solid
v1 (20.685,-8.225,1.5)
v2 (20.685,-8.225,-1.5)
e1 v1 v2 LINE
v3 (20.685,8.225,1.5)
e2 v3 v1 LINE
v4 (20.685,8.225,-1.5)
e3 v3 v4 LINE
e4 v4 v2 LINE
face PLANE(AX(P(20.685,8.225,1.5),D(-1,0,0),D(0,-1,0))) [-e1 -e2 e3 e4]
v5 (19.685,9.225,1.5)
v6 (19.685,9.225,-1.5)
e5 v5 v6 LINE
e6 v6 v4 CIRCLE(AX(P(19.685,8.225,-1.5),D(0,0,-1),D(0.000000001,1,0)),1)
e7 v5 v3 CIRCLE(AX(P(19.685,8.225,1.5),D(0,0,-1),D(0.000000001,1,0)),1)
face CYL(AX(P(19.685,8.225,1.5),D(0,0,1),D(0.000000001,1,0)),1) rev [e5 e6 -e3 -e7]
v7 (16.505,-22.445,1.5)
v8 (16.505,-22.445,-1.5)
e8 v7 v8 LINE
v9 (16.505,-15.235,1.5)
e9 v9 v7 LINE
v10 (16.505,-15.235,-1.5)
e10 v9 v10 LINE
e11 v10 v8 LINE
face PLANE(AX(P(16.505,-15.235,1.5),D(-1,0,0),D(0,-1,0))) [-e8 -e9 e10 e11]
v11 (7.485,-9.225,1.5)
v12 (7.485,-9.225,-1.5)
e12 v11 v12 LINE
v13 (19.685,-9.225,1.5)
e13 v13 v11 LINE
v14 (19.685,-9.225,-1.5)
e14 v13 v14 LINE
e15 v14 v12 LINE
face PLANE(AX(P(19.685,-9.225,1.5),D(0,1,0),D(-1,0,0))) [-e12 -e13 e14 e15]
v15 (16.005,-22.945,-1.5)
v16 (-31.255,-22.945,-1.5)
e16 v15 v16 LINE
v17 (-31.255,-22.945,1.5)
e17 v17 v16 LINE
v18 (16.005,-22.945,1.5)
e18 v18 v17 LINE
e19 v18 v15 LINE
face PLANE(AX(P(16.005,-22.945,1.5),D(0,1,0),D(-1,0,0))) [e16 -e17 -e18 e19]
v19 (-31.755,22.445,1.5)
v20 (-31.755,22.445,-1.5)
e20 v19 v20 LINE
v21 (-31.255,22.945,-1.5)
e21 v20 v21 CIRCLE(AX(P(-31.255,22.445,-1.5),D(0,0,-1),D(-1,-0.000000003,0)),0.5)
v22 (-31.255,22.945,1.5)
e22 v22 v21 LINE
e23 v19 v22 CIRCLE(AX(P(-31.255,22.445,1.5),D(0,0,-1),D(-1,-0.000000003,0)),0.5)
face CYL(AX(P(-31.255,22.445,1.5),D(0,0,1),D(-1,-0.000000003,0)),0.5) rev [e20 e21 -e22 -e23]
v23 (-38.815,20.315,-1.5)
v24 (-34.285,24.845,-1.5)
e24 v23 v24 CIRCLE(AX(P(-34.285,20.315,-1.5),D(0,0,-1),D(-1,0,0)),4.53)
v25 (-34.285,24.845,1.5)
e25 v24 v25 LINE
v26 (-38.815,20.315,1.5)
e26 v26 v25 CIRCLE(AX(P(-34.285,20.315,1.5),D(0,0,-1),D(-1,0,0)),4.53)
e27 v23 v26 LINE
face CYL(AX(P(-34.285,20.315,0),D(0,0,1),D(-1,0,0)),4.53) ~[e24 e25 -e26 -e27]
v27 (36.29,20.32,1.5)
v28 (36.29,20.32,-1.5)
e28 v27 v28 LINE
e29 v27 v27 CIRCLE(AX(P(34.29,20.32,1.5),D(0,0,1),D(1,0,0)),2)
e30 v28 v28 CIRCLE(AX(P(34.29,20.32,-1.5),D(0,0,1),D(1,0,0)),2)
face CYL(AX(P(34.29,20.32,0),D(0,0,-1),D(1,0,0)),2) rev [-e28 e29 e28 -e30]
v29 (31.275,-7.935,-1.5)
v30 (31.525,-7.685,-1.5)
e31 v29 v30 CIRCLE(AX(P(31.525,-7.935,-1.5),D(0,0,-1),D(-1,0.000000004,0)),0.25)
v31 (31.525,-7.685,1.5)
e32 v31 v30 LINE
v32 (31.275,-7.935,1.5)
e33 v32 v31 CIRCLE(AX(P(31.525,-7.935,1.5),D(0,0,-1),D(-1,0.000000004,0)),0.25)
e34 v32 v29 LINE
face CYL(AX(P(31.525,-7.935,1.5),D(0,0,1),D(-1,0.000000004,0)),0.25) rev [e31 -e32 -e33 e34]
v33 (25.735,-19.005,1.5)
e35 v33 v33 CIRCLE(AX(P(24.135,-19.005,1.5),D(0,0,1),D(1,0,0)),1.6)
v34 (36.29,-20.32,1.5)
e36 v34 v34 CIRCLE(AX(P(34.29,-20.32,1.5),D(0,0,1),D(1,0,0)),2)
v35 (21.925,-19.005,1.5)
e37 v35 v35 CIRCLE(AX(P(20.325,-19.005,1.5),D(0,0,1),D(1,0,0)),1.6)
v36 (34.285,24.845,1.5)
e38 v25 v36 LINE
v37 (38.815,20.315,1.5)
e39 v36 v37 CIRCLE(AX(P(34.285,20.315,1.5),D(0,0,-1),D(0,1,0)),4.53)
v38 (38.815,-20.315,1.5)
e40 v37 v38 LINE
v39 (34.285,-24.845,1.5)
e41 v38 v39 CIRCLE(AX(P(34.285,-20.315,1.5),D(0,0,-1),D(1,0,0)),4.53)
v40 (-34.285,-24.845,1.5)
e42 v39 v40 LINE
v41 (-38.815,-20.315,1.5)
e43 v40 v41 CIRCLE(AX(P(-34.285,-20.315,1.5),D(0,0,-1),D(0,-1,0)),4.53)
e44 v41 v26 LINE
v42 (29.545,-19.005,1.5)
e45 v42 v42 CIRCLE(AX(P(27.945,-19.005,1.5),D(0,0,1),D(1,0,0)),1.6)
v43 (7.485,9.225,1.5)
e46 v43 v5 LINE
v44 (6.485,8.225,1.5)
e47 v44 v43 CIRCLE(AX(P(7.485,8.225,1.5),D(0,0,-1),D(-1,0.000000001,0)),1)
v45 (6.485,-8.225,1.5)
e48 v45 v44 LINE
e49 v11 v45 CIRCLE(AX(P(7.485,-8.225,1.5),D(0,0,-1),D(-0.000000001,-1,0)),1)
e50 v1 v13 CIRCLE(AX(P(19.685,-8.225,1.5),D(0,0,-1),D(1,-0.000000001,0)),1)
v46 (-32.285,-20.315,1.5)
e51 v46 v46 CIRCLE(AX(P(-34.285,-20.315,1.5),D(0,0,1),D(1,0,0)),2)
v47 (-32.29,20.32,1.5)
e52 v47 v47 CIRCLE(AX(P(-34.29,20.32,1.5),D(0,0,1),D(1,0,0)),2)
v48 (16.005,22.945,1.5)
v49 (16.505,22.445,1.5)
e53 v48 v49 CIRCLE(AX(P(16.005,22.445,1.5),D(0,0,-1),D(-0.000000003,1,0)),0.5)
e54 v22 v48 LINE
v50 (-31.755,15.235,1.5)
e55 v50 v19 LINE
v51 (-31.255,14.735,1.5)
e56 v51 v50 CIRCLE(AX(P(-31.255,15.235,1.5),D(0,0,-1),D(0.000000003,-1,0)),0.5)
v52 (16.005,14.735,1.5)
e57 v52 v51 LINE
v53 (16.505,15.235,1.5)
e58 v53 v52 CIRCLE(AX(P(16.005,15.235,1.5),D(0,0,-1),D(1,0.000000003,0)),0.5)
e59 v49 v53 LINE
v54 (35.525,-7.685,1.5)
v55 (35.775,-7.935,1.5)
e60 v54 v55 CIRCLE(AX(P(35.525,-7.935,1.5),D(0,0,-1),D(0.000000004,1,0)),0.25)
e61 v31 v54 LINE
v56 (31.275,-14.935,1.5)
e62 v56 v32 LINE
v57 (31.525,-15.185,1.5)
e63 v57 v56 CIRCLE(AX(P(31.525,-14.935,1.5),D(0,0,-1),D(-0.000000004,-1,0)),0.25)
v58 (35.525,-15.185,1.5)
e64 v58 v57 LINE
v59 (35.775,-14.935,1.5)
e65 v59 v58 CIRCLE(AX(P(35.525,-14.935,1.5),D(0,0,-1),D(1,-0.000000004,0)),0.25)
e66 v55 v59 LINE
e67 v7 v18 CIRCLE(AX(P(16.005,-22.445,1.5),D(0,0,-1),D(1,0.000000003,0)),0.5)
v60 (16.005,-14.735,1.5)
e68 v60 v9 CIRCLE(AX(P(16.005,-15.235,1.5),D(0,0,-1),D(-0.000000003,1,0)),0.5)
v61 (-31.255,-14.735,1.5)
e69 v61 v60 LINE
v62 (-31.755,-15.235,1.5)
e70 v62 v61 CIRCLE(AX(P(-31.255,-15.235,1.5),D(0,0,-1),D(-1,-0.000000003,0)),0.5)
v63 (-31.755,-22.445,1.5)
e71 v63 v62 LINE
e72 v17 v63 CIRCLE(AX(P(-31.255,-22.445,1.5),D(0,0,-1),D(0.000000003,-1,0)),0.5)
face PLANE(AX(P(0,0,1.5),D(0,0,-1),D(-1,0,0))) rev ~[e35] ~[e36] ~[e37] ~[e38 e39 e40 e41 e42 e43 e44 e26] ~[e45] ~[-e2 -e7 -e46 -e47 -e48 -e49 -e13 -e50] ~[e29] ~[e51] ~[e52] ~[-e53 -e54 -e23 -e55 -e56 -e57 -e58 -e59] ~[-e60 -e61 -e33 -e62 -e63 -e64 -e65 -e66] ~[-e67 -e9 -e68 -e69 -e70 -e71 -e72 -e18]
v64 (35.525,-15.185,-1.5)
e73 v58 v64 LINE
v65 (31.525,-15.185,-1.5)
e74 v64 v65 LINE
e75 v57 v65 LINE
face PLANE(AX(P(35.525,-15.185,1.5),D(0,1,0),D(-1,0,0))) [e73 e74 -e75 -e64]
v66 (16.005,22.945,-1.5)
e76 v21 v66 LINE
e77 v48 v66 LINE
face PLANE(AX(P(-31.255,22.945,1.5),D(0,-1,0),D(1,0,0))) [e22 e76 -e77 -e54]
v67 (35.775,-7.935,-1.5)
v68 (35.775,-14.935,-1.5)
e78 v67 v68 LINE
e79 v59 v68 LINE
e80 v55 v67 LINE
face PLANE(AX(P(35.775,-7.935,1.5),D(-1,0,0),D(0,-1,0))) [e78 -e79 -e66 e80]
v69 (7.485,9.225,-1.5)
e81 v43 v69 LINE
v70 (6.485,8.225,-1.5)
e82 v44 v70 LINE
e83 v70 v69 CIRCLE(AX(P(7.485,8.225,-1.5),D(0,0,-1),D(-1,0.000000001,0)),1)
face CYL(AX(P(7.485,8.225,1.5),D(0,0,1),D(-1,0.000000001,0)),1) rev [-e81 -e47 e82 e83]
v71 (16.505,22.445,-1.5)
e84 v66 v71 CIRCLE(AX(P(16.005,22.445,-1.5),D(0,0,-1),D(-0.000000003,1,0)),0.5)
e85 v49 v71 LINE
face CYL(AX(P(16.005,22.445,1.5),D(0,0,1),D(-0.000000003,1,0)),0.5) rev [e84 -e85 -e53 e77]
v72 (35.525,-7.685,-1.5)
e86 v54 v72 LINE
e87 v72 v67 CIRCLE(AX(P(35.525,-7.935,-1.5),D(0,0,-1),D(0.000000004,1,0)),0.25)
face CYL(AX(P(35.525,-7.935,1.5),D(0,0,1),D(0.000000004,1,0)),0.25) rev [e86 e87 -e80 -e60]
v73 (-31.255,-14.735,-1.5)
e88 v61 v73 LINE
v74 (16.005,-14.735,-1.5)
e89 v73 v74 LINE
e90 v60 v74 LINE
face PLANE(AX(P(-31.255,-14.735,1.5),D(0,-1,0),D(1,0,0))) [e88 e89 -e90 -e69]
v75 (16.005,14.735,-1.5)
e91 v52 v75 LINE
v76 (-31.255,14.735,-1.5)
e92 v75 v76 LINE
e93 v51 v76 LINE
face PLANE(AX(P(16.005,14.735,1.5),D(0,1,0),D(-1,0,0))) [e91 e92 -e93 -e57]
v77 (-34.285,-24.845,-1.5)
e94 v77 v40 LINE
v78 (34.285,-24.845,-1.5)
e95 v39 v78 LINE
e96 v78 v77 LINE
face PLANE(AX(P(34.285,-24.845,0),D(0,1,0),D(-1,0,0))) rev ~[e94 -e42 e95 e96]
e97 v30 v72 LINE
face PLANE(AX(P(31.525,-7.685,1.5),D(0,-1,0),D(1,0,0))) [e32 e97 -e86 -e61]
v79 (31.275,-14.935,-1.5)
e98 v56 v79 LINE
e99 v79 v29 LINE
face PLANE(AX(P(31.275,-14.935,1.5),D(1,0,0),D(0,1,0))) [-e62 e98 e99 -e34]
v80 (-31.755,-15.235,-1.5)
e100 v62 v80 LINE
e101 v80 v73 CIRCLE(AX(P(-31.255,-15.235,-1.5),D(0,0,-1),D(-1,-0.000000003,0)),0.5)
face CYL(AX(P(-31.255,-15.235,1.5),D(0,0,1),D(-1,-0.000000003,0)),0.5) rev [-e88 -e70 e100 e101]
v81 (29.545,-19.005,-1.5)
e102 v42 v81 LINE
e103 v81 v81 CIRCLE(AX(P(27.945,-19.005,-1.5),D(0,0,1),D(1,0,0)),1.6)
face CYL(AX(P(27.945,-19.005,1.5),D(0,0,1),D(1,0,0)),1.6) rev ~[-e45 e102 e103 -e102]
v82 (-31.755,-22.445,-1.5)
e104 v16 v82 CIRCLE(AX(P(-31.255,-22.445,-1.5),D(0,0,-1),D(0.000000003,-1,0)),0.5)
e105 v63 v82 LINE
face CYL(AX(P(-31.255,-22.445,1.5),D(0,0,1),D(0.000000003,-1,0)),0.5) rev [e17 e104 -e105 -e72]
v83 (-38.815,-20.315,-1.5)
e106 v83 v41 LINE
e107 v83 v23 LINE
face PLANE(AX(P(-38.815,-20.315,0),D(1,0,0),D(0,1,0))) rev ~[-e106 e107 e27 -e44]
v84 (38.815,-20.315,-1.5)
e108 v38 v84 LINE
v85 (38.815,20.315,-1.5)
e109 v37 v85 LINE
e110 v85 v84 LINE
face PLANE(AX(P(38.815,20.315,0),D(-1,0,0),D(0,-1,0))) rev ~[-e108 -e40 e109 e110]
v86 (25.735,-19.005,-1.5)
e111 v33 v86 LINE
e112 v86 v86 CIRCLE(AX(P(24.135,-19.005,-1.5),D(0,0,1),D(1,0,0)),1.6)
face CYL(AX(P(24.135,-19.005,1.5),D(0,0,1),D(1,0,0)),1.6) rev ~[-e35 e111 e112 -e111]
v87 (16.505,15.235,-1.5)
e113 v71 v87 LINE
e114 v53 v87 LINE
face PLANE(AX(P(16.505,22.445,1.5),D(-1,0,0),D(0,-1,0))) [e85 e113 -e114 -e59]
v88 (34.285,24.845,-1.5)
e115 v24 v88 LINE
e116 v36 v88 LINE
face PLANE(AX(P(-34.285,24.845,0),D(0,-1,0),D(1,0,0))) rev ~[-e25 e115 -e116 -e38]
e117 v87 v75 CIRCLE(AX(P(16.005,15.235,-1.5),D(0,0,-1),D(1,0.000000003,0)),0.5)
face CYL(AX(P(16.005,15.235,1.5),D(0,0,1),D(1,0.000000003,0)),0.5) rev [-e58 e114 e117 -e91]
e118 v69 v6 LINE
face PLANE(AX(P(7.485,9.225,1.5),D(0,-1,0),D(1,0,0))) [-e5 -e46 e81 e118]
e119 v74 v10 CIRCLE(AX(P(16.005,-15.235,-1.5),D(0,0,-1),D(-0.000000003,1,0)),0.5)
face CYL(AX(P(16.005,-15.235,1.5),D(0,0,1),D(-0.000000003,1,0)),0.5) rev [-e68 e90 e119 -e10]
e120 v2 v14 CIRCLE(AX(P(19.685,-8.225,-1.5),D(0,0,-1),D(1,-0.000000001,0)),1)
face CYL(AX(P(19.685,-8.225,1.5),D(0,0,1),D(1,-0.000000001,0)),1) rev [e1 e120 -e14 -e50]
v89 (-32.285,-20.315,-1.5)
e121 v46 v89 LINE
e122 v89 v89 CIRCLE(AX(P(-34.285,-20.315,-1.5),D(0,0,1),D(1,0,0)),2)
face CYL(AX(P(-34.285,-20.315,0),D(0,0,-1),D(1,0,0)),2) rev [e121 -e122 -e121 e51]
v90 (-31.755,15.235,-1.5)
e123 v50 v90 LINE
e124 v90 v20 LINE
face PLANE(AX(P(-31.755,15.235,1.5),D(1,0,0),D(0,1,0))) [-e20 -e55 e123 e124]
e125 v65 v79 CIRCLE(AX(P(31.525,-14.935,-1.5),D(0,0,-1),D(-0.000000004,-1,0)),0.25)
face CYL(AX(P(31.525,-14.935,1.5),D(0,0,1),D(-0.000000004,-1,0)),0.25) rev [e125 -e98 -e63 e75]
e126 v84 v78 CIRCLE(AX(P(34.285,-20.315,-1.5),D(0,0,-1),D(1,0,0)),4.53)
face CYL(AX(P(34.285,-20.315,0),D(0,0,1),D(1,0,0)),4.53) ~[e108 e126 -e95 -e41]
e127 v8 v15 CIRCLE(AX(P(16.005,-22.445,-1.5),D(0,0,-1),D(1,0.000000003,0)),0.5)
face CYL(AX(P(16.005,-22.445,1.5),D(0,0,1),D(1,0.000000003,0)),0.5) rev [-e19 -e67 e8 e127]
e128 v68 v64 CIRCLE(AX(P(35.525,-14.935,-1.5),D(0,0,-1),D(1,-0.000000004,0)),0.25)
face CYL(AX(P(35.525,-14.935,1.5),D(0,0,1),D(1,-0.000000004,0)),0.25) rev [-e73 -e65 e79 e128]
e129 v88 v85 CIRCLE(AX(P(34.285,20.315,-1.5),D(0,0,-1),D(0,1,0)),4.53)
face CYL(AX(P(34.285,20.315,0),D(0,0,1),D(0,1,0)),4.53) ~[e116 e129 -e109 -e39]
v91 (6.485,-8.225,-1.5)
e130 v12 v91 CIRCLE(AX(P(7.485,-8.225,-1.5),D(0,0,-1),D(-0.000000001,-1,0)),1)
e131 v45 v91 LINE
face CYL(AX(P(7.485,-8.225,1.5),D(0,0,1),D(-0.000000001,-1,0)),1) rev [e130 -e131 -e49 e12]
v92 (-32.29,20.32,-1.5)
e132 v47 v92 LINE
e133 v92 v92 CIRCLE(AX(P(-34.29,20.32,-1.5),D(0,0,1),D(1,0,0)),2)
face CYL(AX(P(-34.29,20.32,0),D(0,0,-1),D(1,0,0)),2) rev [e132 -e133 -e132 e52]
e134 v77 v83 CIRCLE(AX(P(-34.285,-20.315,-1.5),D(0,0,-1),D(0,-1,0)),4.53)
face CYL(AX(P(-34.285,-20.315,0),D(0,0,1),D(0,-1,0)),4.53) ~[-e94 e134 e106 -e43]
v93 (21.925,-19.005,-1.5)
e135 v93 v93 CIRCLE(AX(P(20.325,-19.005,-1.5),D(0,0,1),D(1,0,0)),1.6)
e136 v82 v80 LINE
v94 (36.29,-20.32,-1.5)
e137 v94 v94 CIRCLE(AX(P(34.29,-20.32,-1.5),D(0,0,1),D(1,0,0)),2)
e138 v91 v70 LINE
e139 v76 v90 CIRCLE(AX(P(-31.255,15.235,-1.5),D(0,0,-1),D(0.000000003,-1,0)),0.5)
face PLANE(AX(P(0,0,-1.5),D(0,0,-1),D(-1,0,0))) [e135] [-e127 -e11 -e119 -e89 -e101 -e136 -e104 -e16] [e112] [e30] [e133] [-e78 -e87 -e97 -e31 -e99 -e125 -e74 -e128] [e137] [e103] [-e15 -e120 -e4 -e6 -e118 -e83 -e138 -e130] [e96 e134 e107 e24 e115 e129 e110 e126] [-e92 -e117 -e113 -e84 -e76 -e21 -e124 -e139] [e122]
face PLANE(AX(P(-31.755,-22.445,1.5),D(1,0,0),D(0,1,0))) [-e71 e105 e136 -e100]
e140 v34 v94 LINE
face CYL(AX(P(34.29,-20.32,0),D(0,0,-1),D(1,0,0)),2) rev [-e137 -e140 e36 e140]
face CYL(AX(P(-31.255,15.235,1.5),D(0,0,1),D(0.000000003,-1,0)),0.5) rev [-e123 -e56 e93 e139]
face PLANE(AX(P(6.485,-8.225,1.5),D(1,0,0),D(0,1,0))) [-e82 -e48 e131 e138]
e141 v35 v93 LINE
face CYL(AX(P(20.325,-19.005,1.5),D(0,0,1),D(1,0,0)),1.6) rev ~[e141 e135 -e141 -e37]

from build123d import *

# Parameters (mm, degrees)
SKETCH_1_R          = 2
EXTRUDE_1_DEPTH     = 1.5
SKETCH_2_R          = 1.6
CUT_EXTRUDE_1_DEPTH = 3


with BuildPart() as part:
    # 草图1 → 凸台-拉伸1 (new, symmetric)
    with BuildSketch(Plane.XY):
        with BuildLine():
            Line((-34.285, 24.845), (34.285, 24.845))
            ThreePointArc((34.285, 24.845), (37.488193719, 23.518193719), (38.815, 20.315))
            Line((38.815, 20.315), (38.815, -20.315))
            ThreePointArc((38.815, -20.315), (37.488193719, -23.518193719), (34.285, -24.845))
            Line((34.285, -24.845), (-34.285, -24.845))
            ThreePointArc((-34.285, -24.845), (-37.488193719, -23.518193719), (-38.815, -20.315))
            Line((-38.815, -20.315), (-38.815, 20.315))
            ThreePointArc((-38.815, 20.315), (-37.488193719, 23.518193719), (-34.285, 24.845))
        make_face()
        with Locations((34.29, 20.32)):
            Circle(SKETCH_1_R, mode=Mode.SUBTRACT)
        with Locations((34.29, -20.32)):
            Circle(SKETCH_1_R, mode=Mode.SUBTRACT)
        with Locations((-34.29, 20.32)):
            Circle(SKETCH_1_R, mode=Mode.SUBTRACT)
        with Locations((-34.285, -20.315)):
            Circle(SKETCH_1_R, mode=Mode.SUBTRACT)
    extrude(amount=EXTRUDE_1_DEPTH, both=True)

    # 草图2 → 切除-拉伸1 (cut)
    with BuildSketch(Plane.XY.offset(1.5)):
        with Locations((27.945, -19.005)):
            Circle(SKETCH_2_R)
        with Locations((24.135, -19.005)):
            Circle(SKETCH_2_R)
        with Locations((20.325, -19.005)):
            Circle(SKETCH_2_R)
        with BuildLine():
            Line((-31.255, 22.945), (16.005, 22.945))
            ThreePointArc((16.005, 22.945), (16.358553391, 22.798553391), (16.505, 22.445))
            Line((16.505, 22.445), (16.505, 15.235))
            ThreePointArc((16.505, 15.235), (16.358553391, 14.881446609), (16.005, 14.735))
            Line((16.005, 14.735), (-31.255, 14.735))
            ThreePointArc((-31.255, 14.735), (-31.608553391, 14.881446609), (-31.755, 15.235))
            Line((-31.755, 15.235), (-31.755, 22.445))
            ThreePointArc((-31.755, 22.445), (-31.608553391, 22.798553391), (-31.255, 22.945))
        make_face()
        with BuildLine():
            Line((-31.755, -22.445), (-31.755, -15.235))
            ThreePointArc((-31.755, -15.235), (-31.608553391, -14.881446609), (-31.255, -14.735))
            Line((-31.255, -14.735), (16.005, -14.735))
            ThreePointArc((16.005, -14.735), (16.358553391, -14.881446609), (16.505, -15.235))
            Line((16.505, -15.235), (16.505, -22.445))
            ThreePointArc((16.505, -22.445), (16.358553391, -22.798553391), (16.005, -22.945))
            Line((16.005, -22.945), (-31.255, -22.945))
            ThreePointArc((-31.255, -22.945), (-31.608553391, -22.798553391), (-31.755, -22.445))
        make_face()
        with BuildLine():
            Line((31.525, -7.685), (35.525, -7.685))
            ThreePointArc((35.525, -7.685), (35.701776695, -7.758223305), (35.775, -7.935))
            Line((35.775, -7.935), (35.775, -14.935))
            ThreePointArc((35.775, -14.935), (35.701776695, -15.111776695), (35.525, -15.185))
            Line((35.525, -15.185), (31.525, -15.185))
            ThreePointArc((31.525, -15.185), (31.348223305, -15.111776695), (31.275, -14.935))
            Line((31.275, -14.935), (31.275, -7.935))
            ThreePointArc((31.275, -7.935), (31.348223305, -7.758223305), (31.525, -7.685))
        make_face()
        with BuildLine():
            Line((7.485, 9.225), (19.685, 9.225))
            ThreePointArc((19.685, 9.225), (20.392106781, 8.932106781), (20.685, 8.225))
            Line((20.685, 8.225), (20.685, -8.225))
            ThreePointArc((20.685, -8.225), (20.392106781, -8.932106781), (19.685, -9.225))
            Line((19.685, -9.225), (7.485, -9.225))
            ThreePointArc((7.485, -9.225), (6.777893219, -8.932106781), (6.485, -8.225))
            Line((6.485, -8.225), (6.485, 8.225))
            ThreePointArc((6.485, 8.225), (6.777893219, 8.932106781), (7.485, 9.225))
        make_face()
    extrude(amount=-CUT_EXTRUDE_1_DEPTH, mode=Mode.SUBTRACT)


solid = part.part
